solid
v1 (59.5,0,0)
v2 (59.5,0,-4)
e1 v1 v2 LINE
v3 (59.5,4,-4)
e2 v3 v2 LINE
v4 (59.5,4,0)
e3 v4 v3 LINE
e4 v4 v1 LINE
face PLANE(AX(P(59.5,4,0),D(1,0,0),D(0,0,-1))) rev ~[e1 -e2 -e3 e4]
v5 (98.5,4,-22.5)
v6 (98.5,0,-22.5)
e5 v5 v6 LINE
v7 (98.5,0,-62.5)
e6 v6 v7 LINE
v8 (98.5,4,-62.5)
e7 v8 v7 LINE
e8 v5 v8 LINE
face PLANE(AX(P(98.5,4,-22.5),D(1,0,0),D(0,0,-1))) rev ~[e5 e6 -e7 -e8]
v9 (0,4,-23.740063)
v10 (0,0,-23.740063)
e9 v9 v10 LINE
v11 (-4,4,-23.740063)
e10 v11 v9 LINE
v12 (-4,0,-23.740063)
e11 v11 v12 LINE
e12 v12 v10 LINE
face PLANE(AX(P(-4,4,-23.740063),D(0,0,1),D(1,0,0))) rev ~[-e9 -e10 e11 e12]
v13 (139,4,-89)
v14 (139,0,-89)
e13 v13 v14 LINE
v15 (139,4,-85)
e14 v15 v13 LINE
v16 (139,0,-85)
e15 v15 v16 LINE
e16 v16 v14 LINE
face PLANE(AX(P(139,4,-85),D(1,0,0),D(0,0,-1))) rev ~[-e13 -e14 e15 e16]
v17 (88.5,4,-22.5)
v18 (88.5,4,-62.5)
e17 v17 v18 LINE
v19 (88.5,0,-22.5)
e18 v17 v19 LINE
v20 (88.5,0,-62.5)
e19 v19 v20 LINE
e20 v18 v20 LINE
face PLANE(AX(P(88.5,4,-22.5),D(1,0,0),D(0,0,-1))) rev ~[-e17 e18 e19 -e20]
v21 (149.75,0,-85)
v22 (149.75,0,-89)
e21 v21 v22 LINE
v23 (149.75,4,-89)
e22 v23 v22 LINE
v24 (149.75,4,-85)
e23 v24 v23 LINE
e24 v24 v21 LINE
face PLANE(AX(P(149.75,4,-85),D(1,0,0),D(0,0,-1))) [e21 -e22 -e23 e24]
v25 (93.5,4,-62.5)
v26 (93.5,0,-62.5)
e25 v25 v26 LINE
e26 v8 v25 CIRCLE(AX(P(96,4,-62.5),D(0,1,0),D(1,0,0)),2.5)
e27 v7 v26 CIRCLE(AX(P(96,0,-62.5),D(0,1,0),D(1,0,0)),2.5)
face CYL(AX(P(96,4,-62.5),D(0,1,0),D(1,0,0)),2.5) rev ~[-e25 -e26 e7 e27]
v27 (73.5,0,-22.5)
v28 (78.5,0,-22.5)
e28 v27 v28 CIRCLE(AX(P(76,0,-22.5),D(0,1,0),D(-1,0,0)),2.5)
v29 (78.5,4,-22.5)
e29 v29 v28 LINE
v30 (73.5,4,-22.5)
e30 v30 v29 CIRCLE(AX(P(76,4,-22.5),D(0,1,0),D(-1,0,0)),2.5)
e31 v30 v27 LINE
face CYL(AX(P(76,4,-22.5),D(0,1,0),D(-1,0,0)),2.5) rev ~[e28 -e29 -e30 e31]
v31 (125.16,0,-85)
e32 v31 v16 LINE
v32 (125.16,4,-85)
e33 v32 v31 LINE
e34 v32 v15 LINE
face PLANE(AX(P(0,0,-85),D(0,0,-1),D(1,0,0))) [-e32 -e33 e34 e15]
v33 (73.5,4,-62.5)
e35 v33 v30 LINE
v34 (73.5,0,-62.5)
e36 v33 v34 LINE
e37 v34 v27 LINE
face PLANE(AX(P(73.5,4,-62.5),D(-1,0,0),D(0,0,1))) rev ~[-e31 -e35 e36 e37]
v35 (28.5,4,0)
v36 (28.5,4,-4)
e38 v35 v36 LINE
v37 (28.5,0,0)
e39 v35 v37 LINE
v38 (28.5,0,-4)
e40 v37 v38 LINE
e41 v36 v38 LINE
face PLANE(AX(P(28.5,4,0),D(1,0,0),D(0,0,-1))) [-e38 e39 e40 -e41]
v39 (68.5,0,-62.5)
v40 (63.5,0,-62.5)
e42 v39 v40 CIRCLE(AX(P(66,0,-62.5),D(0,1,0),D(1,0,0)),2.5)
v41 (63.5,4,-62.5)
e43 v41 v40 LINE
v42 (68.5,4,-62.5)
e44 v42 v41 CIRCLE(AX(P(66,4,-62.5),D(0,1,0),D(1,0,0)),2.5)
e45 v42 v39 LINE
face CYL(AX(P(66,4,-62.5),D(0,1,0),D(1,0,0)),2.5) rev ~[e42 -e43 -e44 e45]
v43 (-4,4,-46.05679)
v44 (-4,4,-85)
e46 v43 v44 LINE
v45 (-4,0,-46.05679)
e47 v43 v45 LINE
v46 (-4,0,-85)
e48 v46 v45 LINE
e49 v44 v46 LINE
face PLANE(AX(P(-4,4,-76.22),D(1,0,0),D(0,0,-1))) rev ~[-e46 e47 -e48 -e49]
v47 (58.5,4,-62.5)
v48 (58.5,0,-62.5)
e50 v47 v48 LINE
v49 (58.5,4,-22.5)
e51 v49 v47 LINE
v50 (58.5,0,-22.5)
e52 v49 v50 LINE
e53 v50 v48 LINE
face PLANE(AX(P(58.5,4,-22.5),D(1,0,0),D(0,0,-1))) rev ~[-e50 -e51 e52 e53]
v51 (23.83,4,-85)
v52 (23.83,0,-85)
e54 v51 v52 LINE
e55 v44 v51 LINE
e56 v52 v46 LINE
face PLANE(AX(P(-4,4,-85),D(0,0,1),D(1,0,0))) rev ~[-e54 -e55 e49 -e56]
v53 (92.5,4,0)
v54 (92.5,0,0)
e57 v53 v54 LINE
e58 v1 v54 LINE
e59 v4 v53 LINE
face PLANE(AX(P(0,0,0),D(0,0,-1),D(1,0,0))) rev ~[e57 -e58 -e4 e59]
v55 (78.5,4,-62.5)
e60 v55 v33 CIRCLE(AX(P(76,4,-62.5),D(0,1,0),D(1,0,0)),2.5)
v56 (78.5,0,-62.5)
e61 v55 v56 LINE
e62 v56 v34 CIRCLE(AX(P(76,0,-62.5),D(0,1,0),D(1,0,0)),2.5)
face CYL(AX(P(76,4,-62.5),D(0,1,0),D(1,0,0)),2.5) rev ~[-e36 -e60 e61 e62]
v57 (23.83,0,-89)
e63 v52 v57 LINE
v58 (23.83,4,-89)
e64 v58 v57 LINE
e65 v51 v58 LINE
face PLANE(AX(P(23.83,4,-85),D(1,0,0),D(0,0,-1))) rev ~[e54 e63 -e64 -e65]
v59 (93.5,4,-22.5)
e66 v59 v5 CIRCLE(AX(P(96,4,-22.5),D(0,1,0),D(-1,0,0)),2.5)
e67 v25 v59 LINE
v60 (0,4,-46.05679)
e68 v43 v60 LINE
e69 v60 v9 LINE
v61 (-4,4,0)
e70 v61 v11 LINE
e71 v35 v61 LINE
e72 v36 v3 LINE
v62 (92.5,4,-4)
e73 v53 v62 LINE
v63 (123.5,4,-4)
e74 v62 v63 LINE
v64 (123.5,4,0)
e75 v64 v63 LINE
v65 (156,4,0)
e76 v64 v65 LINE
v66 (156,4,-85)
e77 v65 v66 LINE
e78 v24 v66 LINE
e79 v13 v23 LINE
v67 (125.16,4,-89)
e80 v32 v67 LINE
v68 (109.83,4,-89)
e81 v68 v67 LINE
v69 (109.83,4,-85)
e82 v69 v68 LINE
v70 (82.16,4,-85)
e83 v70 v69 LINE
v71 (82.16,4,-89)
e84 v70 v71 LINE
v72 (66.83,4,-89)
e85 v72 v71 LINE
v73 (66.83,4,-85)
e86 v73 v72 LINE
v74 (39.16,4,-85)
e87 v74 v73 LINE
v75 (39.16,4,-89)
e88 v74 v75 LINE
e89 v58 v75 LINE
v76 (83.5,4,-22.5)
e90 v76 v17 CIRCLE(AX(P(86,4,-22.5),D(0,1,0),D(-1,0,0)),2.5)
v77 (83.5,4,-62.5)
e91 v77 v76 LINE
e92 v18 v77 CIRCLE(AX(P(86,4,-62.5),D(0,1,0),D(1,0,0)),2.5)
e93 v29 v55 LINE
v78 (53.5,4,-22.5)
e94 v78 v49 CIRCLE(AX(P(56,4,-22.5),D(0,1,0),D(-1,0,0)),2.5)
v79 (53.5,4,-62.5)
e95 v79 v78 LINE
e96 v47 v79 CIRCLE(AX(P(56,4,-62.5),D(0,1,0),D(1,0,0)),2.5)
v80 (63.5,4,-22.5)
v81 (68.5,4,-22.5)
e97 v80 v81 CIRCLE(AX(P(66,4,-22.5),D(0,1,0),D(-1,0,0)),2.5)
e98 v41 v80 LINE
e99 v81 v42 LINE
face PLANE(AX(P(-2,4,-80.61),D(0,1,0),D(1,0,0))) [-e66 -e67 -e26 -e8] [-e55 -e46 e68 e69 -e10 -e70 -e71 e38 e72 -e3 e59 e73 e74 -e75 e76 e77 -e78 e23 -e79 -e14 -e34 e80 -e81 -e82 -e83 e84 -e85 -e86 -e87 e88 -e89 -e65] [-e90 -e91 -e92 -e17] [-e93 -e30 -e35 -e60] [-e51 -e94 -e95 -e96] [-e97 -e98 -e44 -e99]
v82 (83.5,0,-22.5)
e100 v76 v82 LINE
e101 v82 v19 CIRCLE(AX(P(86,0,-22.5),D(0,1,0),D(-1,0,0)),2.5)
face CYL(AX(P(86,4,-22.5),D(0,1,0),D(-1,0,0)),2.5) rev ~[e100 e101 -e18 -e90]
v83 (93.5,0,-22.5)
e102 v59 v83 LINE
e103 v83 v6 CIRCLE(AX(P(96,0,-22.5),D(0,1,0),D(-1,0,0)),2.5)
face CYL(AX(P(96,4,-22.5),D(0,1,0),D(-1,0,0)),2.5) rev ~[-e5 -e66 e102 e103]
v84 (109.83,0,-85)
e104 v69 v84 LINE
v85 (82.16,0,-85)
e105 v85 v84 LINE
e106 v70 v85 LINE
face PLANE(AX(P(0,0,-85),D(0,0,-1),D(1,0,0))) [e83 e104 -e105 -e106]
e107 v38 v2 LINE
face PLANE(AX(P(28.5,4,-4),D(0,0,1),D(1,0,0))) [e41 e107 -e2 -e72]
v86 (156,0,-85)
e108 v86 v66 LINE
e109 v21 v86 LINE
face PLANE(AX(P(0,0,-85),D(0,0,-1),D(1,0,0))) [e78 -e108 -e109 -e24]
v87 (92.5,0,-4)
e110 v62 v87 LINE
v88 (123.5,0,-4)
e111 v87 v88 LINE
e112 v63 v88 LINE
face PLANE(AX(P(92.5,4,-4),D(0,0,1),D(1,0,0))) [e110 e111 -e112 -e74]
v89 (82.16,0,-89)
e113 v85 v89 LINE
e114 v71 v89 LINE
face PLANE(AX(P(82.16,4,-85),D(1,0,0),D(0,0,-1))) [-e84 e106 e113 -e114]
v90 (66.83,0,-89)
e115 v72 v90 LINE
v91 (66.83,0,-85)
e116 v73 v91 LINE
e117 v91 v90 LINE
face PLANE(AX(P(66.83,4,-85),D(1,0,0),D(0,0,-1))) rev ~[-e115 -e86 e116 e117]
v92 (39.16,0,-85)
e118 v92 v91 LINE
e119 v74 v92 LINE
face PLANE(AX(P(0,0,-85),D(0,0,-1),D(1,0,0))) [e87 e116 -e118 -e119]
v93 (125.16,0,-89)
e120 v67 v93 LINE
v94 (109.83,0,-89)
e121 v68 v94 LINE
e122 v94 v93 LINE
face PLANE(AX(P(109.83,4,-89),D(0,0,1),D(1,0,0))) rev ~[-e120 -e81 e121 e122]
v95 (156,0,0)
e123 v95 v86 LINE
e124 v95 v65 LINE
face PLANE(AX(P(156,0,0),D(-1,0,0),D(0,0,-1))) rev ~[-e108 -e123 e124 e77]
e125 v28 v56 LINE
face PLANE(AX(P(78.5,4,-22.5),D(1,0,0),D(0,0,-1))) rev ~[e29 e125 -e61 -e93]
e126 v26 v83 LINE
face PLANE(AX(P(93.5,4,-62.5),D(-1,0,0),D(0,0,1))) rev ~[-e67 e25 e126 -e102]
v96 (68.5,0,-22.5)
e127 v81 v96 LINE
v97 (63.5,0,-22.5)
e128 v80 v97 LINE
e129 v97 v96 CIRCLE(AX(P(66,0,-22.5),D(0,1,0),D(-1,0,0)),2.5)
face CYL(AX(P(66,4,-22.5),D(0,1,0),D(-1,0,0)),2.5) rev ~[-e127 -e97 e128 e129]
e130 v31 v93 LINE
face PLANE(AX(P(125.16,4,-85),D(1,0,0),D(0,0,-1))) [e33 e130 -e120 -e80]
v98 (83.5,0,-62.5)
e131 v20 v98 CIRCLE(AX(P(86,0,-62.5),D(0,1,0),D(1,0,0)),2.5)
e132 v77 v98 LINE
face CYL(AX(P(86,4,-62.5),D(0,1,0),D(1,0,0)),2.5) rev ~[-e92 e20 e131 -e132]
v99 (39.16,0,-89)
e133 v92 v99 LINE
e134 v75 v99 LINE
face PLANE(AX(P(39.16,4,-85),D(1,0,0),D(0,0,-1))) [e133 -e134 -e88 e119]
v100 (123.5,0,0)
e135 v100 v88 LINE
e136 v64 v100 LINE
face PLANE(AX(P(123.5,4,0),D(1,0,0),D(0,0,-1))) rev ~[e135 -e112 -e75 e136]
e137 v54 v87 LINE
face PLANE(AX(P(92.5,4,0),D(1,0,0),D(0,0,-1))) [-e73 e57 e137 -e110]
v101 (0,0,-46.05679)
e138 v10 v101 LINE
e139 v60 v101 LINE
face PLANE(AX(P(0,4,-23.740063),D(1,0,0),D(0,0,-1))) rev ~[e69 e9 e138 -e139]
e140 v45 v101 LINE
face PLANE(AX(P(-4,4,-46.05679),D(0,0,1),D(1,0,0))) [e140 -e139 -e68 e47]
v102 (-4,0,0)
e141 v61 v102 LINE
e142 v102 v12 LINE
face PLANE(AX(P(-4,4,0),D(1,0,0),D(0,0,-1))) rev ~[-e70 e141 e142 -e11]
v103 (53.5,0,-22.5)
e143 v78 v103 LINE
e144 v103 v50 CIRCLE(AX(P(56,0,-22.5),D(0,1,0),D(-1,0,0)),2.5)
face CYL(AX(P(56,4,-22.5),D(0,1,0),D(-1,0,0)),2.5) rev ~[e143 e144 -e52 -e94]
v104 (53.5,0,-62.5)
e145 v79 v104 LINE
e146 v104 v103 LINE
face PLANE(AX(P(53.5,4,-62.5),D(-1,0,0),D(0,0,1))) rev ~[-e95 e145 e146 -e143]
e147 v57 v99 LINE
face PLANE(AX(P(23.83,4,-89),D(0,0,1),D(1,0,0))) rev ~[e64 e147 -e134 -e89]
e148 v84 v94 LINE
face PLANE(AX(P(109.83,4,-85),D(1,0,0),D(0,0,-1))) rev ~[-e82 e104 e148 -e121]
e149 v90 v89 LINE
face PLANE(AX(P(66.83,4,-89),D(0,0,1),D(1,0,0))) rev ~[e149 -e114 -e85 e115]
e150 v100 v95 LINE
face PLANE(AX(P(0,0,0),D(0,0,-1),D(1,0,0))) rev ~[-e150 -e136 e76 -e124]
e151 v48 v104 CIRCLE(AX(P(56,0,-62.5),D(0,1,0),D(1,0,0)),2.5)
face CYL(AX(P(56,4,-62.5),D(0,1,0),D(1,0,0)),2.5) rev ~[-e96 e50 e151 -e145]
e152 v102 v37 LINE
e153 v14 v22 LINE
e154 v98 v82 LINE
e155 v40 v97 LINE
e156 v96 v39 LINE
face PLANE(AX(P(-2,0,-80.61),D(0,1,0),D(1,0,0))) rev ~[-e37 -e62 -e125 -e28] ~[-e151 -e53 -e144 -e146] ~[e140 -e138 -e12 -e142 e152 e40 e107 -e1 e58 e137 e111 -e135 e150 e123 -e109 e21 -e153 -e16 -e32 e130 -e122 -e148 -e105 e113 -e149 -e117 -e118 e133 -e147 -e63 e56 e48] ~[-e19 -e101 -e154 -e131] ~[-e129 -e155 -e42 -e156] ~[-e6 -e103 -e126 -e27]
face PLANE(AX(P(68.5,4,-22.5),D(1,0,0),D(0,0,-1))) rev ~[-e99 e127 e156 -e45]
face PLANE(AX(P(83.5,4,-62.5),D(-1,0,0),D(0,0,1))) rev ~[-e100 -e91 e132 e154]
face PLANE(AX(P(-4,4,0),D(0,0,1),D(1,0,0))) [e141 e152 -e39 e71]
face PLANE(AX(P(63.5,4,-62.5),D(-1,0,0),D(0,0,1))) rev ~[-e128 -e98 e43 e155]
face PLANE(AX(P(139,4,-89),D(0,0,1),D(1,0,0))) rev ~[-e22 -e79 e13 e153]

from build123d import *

# Parameters (mm, degrees)
SKETCH1_W           = 156
SKETCH1_H           = 85
BOSS_EXTRUDE1_DEPTH = 4
SKETCH2_W           = 15.33
SKETCH2_H           = 4
BOSS_EXTRUDE2_DEPTH = 4
SKETCH3_W           = 31
SKETCH3_H           = 4
CUT_EXTRUDE2_DEPTH  = 4
SKETCH4_W           = 4
SKETCH4_H           = 26.74
SKETCH4_H_2         = 28.24
BOSS_EXTRUDE3_DEPTH = 4
SKETCH5_W           = 10.75
SKETCH5_H           = 4
BOSS_EXTRUDE4_DEPTH = 4
CUT_EXTRUDE3_DEPTH  = 4
SKETCH7_W           = 4
SKETCH7_H           = 8.78
SKETCH7_H_2         = 1.92320958
BOSS_EXTRUDE5_DEPTH = 4
SKETCH8_W           = 4
SKETCH8_H           = 2.999936799
CUT_EXTRUDE4_DEPTH  = 4


with BuildPart() as part:
    # Sketch1 → Boss-Extrude1 (new body)
    with BuildSketch(Plane(origin=(0, 0, 0), x_dir=(1, 0, 0), z_dir=(0, 1, 0))):
        with Locations((78, 42.5)):
            Rectangle(SKETCH1_W, SKETCH1_H)
    extrude(amount=BOSS_EXTRUDE1_DEPTH)

    # Sketch2 → Boss-Extrude2 (add)
    with BuildSketch(Plane(origin=(0, 4, 0), x_dir=(1, 0, 0), z_dir=(0, 1, 0))):
        with Locations((31.495, 87)):
            Rectangle(SKETCH2_W, SKETCH2_H)
        with Locations((74.495, 87)):
            Rectangle(SKETCH2_W, SKETCH2_H)
        with Locations((117.495, 87)):
            Rectangle(SKETCH2_W, SKETCH2_H)
    extrude(amount=-BOSS_EXTRUDE2_DEPTH)

    # Sketch3 → Cut-Extrude2 (cut)
    with BuildSketch(Plane(origin=(0, 4, 0), x_dir=(1, 0, 0), z_dir=(0, 1, 0))):
        with Locations((44, 2)):
            Rectangle(SKETCH3_W, SKETCH3_H)
        with Locations((108, 2)):
            Rectangle(SKETCH3_W, SKETCH3_H)
    extrude(amount=-CUT_EXTRUDE2_DEPTH, mode=Mode.SUBTRACT)

    # Sketch4 → Boss-Extrude3 (add)
    with BuildSketch(Plane(origin=(0, 4, 0), x_dir=(1, 0, 0), z_dir=(0, 1, 0))):
        with Locations((-2, 13.37)):
            Rectangle(SKETCH4_W, SKETCH4_H)
        with Locations((-2, 62.1)):
            Rectangle(SKETCH4_W, SKETCH4_H_2)
    extrude(amount=-BOSS_EXTRUDE3_DEPTH)

    # Sketch5 → Boss-Extrude4 (add)
    with BuildSketch(Plane(origin=(0, 4, 0), x_dir=(1, 0, 0), z_dir=(0, 1, 0))):
        with Locations((144.375, 87)):
            Rectangle(SKETCH5_W, SKETCH5_H)
    extrude(amount=-BOSS_EXTRUDE4_DEPTH)

    # Sketch6 → Cut-Extrude3 (cut)
    with BuildSketch(Plane(origin=(0, 4, 0), x_dir=(1, 0, 0), z_dir=(0, 1, 0))):
        with BuildLine():
            Line((68.5, 22.5), (68.5, 62.5))
            ThreePointArc((68.5, 62.5), (66, 65), (63.5, 62.5))
            Line((63.5, 62.5), (63.5, 22.5))
            ThreePointArc((63.5, 22.5), (66, 20), (68.5, 22.5))
        make_face()
        with BuildLine():
            Line((58.5, 22.5), (58.5, 62.5))
            ThreePointArc((58.5, 62.5), (56, 65), (53.5, 62.5))
            Line((53.5, 62.5), (53.5, 22.5))
            ThreePointArc((53.5, 22.5), (56, 20), (58.5, 22.5))
        make_face()
        with BuildLine():
            Line((78.5, 22.5), (78.5, 62.5))
            ThreePointArc((78.5, 62.5), (76, 65), (73.5, 62.5))
            Line((73.5, 62.5), (73.5, 22.5))
            ThreePointArc((73.5, 22.5), (76, 20), (78.5, 22.5))
        make_face()
        with BuildLine():
            Line((88.5, 22.5), (88.5, 62.5))
            ThreePointArc((88.5, 62.5), (86, 65), (83.5, 62.5))
            Line((83.5, 62.5), (83.5, 22.5))
            ThreePointArc((83.5, 22.5), (86, 20), (88.5, 22.5))
        make_face()
        with BuildLine():
            Line((98.5, 22.5), (98.5, 62.5))
            ThreePointArc((98.5, 62.5), (96, 65), (93.5, 62.5))
            Line((93.5, 62.5), (93.5, 22.5))
            ThreePointArc((93.5, 22.5), (96, 20), (98.5, 22.5))
        make_face()
    extrude(amount=-CUT_EXTRUDE3_DEPTH, mode=Mode.SUBTRACT)

    # Sketch7 → Boss-Extrude5 (add)
    with BuildSketch(Plane(origin=(0, 4, 0), x_dir=(1, 0, 0), z_dir=(0, 1, 0))):
        with Locations((-2, 80.61)):
            Rectangle(SKETCH7_W, SKETCH7_H)
        with Locations((-2, 47.01839521)):
            Rectangle(SKETCH7_W, SKETCH7_H_2)
    extrude(amount=-BOSS_EXTRUDE5_DEPTH)

    # Sketch8 → Cut-Extrude4 (cut)
    with BuildSketch(Plane(origin=(0, 4, 0), x_dir=(1, 0, 0), z_dir=(0, 1, 0))):
        with Locations((-2, 25.240031601)):
            Rectangle(SKETCH8_W, SKETCH8_H)
    extrude(amount=-CUT_EXTRUDE4_DEPTH, mode=Mode.SUBTRACT)


solid = part.part
